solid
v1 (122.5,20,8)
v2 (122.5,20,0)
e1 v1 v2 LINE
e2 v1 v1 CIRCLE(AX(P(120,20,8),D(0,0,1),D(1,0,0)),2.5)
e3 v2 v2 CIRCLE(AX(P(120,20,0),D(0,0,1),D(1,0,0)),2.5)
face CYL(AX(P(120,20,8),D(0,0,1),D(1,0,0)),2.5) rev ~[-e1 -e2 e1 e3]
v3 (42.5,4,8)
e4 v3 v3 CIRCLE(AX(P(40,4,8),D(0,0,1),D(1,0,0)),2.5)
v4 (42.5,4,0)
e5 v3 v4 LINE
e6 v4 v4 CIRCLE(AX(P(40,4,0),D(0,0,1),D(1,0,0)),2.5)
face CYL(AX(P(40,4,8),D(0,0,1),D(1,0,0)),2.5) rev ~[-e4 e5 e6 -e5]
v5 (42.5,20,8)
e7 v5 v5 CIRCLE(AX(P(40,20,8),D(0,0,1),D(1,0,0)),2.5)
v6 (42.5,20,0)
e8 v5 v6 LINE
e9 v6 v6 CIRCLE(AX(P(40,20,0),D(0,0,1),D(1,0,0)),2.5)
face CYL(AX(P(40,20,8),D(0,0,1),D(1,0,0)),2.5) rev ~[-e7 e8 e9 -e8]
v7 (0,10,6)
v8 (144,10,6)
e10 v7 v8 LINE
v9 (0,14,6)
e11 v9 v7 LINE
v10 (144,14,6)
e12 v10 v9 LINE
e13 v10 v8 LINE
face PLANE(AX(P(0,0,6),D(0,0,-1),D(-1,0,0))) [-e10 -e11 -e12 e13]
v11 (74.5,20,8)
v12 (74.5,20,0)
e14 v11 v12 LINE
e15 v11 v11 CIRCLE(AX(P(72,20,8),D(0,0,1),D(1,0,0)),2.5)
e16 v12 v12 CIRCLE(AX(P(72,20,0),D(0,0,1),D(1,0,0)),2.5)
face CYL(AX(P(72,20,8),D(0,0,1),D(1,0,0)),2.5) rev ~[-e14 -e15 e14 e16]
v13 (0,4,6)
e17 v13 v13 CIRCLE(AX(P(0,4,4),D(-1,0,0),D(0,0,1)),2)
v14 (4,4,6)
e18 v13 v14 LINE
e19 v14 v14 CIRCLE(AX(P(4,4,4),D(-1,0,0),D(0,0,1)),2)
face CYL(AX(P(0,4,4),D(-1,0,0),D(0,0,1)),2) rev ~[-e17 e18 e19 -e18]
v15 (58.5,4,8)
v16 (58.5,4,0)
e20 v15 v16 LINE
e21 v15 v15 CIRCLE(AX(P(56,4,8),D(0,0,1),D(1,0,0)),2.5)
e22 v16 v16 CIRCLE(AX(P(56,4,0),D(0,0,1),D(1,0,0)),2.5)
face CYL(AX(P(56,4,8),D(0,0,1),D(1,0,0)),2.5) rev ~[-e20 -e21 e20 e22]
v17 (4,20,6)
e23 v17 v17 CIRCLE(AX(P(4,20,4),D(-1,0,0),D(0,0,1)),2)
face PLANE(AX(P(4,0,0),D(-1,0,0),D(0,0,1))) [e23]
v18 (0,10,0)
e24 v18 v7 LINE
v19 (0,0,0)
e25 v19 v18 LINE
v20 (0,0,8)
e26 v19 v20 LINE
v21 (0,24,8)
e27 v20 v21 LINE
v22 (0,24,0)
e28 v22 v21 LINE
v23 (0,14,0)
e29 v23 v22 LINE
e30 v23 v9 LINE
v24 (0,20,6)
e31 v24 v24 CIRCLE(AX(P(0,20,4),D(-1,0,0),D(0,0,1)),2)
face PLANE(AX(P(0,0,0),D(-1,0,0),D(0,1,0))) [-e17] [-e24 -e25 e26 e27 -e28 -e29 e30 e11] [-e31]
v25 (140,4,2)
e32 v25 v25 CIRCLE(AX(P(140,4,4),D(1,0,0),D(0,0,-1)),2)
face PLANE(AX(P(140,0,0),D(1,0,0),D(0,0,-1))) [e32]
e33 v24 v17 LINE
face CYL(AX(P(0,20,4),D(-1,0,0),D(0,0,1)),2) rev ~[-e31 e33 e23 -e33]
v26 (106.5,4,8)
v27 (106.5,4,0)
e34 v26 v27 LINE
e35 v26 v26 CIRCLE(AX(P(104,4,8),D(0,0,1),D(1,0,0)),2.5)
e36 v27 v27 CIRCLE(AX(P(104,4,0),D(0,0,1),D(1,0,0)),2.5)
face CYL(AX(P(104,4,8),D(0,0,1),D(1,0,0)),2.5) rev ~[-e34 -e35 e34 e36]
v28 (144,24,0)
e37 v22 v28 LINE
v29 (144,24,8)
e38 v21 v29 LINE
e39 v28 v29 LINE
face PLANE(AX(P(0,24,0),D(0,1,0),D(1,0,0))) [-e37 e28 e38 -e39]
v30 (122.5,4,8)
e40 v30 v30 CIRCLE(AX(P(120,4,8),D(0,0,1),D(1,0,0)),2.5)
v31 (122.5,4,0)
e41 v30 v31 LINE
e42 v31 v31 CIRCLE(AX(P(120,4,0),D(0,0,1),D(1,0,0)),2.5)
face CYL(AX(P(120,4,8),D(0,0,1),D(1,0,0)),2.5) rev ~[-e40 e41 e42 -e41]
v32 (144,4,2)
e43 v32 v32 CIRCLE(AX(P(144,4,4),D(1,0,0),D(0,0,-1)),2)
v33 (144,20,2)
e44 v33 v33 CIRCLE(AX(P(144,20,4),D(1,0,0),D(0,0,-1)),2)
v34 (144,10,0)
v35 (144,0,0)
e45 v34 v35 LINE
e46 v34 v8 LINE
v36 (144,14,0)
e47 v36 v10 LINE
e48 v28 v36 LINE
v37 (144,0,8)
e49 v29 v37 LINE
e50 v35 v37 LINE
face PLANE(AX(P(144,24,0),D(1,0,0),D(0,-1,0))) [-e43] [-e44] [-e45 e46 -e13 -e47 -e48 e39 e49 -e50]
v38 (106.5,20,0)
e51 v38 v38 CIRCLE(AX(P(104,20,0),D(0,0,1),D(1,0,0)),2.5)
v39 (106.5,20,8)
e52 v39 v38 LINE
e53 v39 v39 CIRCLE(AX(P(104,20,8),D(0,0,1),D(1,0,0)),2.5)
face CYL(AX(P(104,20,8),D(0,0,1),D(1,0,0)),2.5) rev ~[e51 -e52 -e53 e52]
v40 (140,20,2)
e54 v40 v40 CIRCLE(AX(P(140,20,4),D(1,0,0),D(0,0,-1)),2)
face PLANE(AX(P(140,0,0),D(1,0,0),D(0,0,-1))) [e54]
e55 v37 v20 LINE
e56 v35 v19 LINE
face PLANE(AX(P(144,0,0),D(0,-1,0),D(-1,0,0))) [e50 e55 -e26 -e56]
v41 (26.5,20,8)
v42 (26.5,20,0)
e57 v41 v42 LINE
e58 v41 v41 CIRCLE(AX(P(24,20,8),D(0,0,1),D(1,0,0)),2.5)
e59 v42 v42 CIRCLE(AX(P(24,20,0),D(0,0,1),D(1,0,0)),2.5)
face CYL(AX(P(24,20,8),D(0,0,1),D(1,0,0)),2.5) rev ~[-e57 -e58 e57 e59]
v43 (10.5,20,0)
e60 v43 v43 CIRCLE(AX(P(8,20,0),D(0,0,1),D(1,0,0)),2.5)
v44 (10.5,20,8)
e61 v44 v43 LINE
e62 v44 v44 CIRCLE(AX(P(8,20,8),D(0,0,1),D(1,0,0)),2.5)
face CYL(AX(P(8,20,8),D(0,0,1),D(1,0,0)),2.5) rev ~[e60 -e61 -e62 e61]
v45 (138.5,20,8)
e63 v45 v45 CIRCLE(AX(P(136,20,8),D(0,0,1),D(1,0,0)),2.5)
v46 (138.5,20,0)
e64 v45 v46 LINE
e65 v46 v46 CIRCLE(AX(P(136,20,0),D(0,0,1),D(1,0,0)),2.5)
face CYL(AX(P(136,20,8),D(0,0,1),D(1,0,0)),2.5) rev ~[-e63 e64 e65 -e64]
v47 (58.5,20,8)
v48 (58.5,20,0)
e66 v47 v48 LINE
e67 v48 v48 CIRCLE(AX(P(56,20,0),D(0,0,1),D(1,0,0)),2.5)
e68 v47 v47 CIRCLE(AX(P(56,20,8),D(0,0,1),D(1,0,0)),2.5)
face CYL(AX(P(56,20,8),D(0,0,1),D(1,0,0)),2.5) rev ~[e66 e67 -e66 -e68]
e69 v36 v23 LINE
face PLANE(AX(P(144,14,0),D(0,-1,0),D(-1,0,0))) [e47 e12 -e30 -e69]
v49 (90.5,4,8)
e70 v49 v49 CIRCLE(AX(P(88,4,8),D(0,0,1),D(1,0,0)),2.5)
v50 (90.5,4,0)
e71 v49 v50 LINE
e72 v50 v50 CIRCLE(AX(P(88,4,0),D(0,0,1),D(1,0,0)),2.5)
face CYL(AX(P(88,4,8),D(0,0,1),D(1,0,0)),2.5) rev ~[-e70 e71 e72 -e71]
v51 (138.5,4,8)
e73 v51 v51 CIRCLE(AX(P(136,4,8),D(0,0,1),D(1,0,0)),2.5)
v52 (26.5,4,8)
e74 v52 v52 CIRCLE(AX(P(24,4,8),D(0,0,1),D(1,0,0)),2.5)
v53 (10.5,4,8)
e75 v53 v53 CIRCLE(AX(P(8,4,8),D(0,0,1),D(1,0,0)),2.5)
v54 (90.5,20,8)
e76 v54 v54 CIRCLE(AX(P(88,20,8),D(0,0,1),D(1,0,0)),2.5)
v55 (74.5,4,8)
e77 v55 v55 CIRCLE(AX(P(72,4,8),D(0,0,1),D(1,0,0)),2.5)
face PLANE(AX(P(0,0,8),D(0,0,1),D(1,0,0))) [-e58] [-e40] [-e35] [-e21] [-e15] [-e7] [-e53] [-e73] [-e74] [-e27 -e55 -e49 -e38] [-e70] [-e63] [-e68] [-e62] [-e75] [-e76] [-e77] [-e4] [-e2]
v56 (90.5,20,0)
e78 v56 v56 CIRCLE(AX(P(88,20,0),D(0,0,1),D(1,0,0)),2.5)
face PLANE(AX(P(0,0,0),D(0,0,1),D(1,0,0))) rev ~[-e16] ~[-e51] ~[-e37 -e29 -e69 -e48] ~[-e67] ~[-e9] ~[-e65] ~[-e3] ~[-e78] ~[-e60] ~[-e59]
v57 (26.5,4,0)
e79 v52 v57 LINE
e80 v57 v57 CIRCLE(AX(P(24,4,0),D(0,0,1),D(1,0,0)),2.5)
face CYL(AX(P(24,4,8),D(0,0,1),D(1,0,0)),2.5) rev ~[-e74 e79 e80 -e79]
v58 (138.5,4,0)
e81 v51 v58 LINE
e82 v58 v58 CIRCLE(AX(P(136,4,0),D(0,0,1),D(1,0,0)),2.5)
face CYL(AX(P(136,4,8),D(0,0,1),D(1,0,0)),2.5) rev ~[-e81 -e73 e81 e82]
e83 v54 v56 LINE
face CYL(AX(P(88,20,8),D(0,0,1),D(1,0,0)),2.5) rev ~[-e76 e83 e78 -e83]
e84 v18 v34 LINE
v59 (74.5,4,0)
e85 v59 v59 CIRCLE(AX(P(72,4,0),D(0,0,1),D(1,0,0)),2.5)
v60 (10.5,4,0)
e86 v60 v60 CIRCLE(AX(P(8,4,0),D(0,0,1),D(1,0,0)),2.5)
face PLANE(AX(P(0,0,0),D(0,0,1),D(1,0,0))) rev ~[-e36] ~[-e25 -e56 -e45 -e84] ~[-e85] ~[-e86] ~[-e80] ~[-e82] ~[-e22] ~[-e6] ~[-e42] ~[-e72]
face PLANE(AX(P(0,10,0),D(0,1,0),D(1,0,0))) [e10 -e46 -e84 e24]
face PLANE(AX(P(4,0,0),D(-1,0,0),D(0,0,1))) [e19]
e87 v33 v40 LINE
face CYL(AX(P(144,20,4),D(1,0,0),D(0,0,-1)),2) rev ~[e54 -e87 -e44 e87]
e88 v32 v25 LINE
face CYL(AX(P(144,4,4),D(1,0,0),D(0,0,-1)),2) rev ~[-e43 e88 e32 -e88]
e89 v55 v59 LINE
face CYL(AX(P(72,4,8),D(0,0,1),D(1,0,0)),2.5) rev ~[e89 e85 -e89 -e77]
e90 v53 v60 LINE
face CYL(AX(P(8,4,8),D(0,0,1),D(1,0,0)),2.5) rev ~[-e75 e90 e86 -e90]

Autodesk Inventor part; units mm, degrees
ref_plane "YZ Plane" through (0, 0, 0) normal (1, 0, 0) x (0, 1, 0)
ref_plane "XZ Plane" through (0, 0, 0) normal (0, 1, 0) x (-1, 0, 0)
ref_plane "XY Plane" through (0, 0, 0) normal (0, 0, 1) x (1, 0, 0)
sketch "Sketch1" plane through (0, 0, 0) normal (0, 0, 1) x (1, 0, 0)
  line L0 (144, 0) -> (0, 0)
  line L1 (0, 0) -> (0, 24)
  line L2 (0, 24) -> (144, 24)
  line L3 (144, 24) -> (144, 0)
  point P0 (0, 0)
  dimension "d0" = 144
  dimension "d1" = 24
extrude "Extrusion1" add sketch "Sketch1" along normal blind 8
sketch "Sketch5" plane through (0, 0, 8) normal (0, 0, 1) x (1, 0, 0)
  circle A0 centre (136, 20) radius 2.5
  line L0 (144, 20) -> (0, 20) construction
  line L1 (136, 24) -> (136, 0) construction
  line L2 (144, 24) -> (0, 24) construction
  line L3 (0, 0) -> (144, 0) construction
  line L4 (0, 24) -> (144, 24) construction
  line L5 (144, 24) -> (144, 0) construction
  line L6 (144, 0) -> (0, 0) construction
  line L7 (0, 0) -> (0, 24) construction
  circle A1 centre (120, 20) radius 2.5
  circle A2 centre (104, 20) radius 2.5
  circle A3 centre (88, 20) radius 2.5
  circle A4 centre (72, 20) radius 2.5
  circle A5 centre (56, 20) radius 2.5
  circle A6 centre (40, 20) radius 2.5
  circle A7 centre (24, 20) radius 2.5
  circle A8 centre (8, 20) radius 2.5
  circle A9 centre (136, 4) radius 2.5
  circle A10 centre (120, 4) radius 2.5
  circle A11 centre (104, 4) radius 2.5
  circle A12 centre (88, 4) radius 2.5
  circle A13 centre (72, 4) radius 2.5
  circle A14 centre (56, 4) radius 2.5
  circle A15 centre (40, 4) radius 2.5
  circle A16 centre (24, 4) radius 2.5
  circle A17 centre (8, 4) radius 2.5
  dimension "d30" = 5
  dimension "d83" = 4
  dimension "d84" = 8
  dimension "d87" = 16
  dimension "d90" = 16
extrude "Extrusion8" cut sketch "Sketch5" against normal through all
sketch "Sketch9" plane through (144, 0, 0) normal (1, 0, 0) x (0, 0, -1)
  circle A0 centre (-4, 20) radius 2
  circle A1 centre (-4, 4) radius 2
  line L0 (0, 0) -> (-8, 0) projected
  line L1 (0, 24) -> (-8, 24) construction
  line L2 (-8, 24) -> (0, 24) construction
  line L3 (0, 24) -> (0, 0) construction
  line L4 (0, 0) -> (-8, 0) construction
  line L5 (-8, 0) -> (-8, 24) construction
  point P0 (0, 0)
  dimension "d95" = 4
  dimension "d96" = 4
  dimension "d97" = 4
  dimension "d98" = 4
  dimension "d99" = 4
  dimension "d100" = 4
extrude "Extrusion9" cut sketch "Sketch9" against normal blind 4
sketch "Sketch10" plane through (0, 0, 0) normal (-1, 0, 0) x (0, 0, 1)
  line L0 (0, 24) -> (0, 0) construction
  line L1 (0, 24) -> (8, 24) construction
  line L2 (8, 24) -> (8, 0) construction
  line L3 (8, 0) -> (0, 0) construction
  line L4 (0, 0) -> (0, 24) construction
  circle A0 centre (4, 20) radius 2
  circle A1 centre (4, 4) radius 2
  point P0 (0, 0)
  dimension "d107" = 4
  dimension "d108" = 4
  dimension "d109" = 4
  dimension "d110" = 4
  dimension "d111" = 4
  dimension "d112" = 4
extrude "Extrusion10" cut sketch "Sketch10" against normal blind 4
sketch "Sketch11" plane through (0, 0, 0) normal (0, 0, -1) x (-1, 0, 0)
  line L0 (-144, 24) -> (-144, 0) projected
  line L1 (-144, 14) -> (0, 14)
  line L2 (0, 14) -> (0, 10)
  line L3 (0, 10) -> (-144, 10)
  line L4 (-144, 10) -> (-144, 14)
  line L5 (0, 24) -> (-144, 24) projected
  line L6 (-144, 0) -> (0, 0) projected
  point P0 (0, 0)
  dimension "d119" = 10
  dimension "d120" = 10
  dimension "d121" = 144
extrude "Extrusion11" cut sketch "Sketch11" against normal blind 6
properties part number "Beam0824-144-Blue" material "Aluminum 6061"
